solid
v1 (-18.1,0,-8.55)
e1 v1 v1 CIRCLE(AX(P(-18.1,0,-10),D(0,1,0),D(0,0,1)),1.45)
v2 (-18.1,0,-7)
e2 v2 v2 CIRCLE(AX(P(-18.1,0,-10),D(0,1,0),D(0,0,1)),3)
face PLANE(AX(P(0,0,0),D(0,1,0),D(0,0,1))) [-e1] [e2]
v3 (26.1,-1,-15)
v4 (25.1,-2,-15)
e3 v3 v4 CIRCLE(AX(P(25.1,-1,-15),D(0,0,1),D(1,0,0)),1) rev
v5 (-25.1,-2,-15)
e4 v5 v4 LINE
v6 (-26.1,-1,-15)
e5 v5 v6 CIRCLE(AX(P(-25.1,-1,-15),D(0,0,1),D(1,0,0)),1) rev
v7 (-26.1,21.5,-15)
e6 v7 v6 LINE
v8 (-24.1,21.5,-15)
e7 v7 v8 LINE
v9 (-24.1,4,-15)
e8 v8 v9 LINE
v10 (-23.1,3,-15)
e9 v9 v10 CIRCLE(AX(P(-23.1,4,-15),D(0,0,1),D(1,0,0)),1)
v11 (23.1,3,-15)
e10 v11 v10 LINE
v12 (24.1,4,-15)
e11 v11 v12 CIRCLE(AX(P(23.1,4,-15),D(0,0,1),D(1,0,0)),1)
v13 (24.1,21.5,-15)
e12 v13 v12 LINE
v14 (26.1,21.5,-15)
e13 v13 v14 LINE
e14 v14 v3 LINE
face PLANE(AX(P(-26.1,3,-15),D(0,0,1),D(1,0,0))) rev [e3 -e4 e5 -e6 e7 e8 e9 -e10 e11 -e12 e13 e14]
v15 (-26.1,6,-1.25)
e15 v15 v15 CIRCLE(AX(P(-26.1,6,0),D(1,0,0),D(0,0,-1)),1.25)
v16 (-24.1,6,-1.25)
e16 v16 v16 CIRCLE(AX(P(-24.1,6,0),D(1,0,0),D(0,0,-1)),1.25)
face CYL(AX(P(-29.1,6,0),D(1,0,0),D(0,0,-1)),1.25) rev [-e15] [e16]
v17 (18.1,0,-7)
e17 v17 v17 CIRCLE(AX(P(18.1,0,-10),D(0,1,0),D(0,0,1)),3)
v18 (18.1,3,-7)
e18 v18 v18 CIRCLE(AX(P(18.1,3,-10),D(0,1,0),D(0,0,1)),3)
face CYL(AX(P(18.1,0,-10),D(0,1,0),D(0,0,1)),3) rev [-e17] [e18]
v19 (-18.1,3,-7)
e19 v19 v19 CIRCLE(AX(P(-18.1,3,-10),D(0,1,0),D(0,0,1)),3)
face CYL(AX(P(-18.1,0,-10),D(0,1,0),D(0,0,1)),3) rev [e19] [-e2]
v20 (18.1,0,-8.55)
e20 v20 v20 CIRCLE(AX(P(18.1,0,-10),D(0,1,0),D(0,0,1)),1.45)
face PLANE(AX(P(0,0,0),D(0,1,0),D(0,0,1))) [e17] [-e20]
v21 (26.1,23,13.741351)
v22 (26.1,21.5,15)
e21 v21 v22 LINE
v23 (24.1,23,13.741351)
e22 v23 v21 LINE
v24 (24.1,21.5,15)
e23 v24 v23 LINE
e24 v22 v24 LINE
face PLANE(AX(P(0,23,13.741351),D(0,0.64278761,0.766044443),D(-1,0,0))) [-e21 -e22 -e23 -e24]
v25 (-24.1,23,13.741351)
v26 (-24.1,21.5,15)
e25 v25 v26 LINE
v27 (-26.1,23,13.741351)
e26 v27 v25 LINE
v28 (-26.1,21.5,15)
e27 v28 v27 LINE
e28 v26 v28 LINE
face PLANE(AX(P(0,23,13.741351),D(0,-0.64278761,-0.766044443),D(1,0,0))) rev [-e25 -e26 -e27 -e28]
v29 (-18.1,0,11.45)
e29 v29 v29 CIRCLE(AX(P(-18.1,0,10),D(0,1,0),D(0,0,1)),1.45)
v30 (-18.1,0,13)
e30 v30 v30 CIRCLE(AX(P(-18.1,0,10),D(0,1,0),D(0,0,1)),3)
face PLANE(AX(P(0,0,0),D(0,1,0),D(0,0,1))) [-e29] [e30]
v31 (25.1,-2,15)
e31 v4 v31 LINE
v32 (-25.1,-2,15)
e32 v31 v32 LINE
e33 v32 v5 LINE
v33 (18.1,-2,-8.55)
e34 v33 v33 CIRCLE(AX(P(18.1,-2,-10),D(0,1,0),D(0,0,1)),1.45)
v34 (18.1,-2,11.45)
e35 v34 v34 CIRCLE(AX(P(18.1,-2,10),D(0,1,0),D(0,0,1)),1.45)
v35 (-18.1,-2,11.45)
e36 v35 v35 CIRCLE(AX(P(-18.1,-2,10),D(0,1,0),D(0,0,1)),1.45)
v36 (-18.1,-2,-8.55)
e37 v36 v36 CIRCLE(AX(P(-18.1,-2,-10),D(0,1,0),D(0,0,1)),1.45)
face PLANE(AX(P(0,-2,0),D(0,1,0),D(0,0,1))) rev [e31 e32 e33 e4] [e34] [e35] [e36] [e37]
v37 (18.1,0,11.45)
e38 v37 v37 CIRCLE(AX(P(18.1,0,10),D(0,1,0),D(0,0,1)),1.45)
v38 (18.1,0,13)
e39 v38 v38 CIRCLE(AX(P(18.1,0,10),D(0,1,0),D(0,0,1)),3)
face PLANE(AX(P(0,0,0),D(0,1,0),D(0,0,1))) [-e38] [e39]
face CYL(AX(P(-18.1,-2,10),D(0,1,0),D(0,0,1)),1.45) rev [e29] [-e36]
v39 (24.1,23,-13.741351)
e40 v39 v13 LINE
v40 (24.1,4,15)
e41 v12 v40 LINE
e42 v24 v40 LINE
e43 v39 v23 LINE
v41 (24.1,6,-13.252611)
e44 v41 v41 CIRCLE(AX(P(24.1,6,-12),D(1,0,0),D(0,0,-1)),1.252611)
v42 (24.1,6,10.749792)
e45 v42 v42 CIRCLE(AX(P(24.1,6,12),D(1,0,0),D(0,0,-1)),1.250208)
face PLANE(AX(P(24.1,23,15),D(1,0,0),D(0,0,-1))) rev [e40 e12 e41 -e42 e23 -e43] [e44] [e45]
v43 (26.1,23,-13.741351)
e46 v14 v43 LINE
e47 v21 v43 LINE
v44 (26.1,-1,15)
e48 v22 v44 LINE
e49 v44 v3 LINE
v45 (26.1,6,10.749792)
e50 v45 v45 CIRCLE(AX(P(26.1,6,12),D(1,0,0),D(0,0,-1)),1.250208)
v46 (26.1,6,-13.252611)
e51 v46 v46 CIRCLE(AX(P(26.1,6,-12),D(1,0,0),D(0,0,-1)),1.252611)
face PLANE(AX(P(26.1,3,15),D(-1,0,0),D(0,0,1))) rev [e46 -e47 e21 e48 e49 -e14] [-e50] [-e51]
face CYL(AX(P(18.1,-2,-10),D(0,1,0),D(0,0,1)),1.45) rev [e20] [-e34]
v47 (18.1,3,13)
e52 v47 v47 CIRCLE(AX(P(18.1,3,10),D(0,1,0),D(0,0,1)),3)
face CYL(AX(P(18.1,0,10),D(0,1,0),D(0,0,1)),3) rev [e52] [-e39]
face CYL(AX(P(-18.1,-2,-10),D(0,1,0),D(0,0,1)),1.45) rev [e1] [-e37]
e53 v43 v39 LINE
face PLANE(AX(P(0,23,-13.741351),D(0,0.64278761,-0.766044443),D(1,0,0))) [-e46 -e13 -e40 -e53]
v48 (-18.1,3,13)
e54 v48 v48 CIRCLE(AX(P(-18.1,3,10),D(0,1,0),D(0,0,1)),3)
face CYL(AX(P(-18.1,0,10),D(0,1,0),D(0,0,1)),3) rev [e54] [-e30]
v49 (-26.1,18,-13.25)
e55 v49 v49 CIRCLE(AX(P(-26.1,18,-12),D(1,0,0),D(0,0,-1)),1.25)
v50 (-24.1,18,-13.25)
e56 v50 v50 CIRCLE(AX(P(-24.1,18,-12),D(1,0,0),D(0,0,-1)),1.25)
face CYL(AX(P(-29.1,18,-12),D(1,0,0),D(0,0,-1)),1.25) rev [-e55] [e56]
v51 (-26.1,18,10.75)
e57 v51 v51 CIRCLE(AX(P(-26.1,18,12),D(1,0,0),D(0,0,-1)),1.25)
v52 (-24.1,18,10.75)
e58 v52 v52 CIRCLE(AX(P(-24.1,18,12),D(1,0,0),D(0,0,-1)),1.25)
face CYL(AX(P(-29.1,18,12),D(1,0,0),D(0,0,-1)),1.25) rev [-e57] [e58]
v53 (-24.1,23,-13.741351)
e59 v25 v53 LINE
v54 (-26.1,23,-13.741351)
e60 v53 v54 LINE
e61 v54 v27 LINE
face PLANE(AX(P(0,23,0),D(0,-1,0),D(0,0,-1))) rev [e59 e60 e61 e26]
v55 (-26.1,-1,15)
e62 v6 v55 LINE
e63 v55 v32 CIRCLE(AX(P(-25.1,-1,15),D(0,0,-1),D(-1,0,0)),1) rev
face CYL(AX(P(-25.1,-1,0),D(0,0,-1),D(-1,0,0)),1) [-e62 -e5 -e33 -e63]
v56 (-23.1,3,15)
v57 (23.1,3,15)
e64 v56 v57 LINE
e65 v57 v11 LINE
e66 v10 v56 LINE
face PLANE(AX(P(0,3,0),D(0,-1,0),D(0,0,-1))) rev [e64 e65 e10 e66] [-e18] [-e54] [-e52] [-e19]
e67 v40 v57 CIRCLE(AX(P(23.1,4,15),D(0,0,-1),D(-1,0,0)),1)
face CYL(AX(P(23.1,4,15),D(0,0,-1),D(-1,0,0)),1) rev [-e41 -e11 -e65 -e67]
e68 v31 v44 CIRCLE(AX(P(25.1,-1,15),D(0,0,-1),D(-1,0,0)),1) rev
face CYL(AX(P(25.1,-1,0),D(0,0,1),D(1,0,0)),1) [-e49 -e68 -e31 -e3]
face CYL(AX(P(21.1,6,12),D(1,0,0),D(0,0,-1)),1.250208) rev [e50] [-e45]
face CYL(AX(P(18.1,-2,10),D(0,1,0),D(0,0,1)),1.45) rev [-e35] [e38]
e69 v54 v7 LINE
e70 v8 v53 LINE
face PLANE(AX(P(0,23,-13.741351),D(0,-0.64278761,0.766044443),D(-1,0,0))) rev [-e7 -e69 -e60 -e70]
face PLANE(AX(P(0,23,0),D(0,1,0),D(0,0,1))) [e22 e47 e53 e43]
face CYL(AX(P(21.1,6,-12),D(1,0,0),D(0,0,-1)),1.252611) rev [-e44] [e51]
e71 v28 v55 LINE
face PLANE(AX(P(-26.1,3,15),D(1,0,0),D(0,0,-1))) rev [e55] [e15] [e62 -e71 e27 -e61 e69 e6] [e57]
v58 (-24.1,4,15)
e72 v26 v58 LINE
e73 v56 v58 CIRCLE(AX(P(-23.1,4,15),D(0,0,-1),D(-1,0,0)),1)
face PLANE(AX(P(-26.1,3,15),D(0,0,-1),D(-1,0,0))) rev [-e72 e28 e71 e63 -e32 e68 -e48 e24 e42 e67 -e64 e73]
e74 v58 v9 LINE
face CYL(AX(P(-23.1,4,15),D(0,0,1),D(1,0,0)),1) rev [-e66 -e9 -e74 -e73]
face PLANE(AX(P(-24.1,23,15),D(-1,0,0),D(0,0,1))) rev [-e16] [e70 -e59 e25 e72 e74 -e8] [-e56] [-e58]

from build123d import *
from OCP.BRepFilletAPI import BRepFilletAPI_MakeChamfer

# Parameters (mm, degrees)
SKETCH1_W           = 52.2
SKETCH1_H           = 30
BOSS_EXTRUDE1_DEPTH = 3
SKETCH2_W           = 2
SKETCH2_H           = 30
BOSS_EXTRUDE2_DEPTH = 20
SKETCH3_W           = 2
SKETCH3_H           = 30
BOSS_EXTRUDE3_DEPTH = 20
SKETCH4_R           = 1.252611376
SKETCH4_R_2         = 1.250208487
CUT_EXTRUDE2_DEPTH  = 5
SKETCH5_R           = 1.25
SKETCH5_R_2         = 1.249999994
CUT_EXTRUDE4_DEPTH  = 5
SKETCH6_R           = 3
CUT_EXTRUDE5_DEPTH  = 3
SKETCH7_W           = 52.2
SKETCH7_H           = 30
BOSS_EXTRUDE4_DEPTH = 2
SKETCH8_R           = 1.45
CUT_EXTRUDE6_DEPTH  = 2
FILLET1_R           = 1
CHAMFER2_SIZE       = 1.5
CHAMFER2_SIZE2      = 1.258649447


with BuildPart() as part:
    # Sketch1 → Boss-Extrude1 (new body)
    with BuildSketch(Plane(origin=(0, 0, 0), x_dir=(1, 0, 0), z_dir=(0, 1, 0))):
        Rectangle(SKETCH1_W, SKETCH1_H)
    extrude(amount=BOSS_EXTRUDE1_DEPTH)

    # Sketch2 → Boss-Extrude2 (add)
    with BuildSketch(Plane(origin=(0, 3, 0), x_dir=(1, 0, 0), z_dir=(0, 1, 0))):
        with Locations((-25.1, 0)):
            Rectangle(SKETCH2_W, SKETCH2_H)
    extrude(amount=BOSS_EXTRUDE2_DEPTH)

    # Sketch3 → Boss-Extrude3 (add)
    with BuildSketch(Plane(origin=(0, 3, 0), x_dir=(1, 0, 0), z_dir=(0, 1, 0))):
        with Locations((25.1, 0)):
            Rectangle(SKETCH3_W, SKETCH3_H)
    extrude(amount=BOSS_EXTRUDE3_DEPTH)

    # Sketch4 → Cut-Extrude2 (cut)
    with BuildSketch(Plane(origin=(26.1, 0, 0), x_dir=(0, 0, -1), z_dir=(1, 0, 0))):
        with Locations((12, 6)):
            Circle(SKETCH4_R)
        with Locations((-12, 6)):
            Circle(SKETCH4_R_2)
    extrude(amount=-CUT_EXTRUDE2_DEPTH, mode=Mode.SUBTRACT)

    # Sketch5 → Cut-Extrude4 (cut)
    with BuildSketch(Plane(origin=(-24.1, 0, 0), x_dir=(0, 0, -1), z_dir=(1, 0, 0))):
        with Locations((-12.00000002, 18)):
            Circle(SKETCH5_R)
        with Locations((12.00000002, 18)):
            Circle(SKETCH5_R)
        with Locations((0, 6)):
            Circle(SKETCH5_R_2)
    extrude(amount=-CUT_EXTRUDE4_DEPTH, mode=Mode.SUBTRACT)

    # Sketch6 → Cut-Extrude5 (cut)
    with BuildSketch(Plane(origin=(0, 3, 0), x_dir=(1, 0, 0), z_dir=(0, 1, 0))):
        with Locations(Location((-18.1, 10, 0), (0, 0, 270))):
            Circle(SKETCH6_R)
        with Locations(Location((-18.1, -10, 0), (0, 0, 270))):
            Circle(SKETCH6_R)
        with Locations(Location((18.1, 10, 0), (0, 0, 270))):
            Circle(SKETCH6_R)
        with Locations(Location((18.1, -10, 0), (0, 0, 270))):
            Circle(SKETCH6_R)
    extrude(amount=-CUT_EXTRUDE5_DEPTH, mode=Mode.SUBTRACT)

    # Sketch7 → Boss-Extrude4 (add)
    with BuildSketch(Plane.XZ):
        Rectangle(SKETCH7_W, SKETCH7_H)
    extrude(amount=BOSS_EXTRUDE4_DEPTH)

    # Sketch8 → Cut-Extrude6 (cut)
    with BuildSketch(Plane(origin=(0, 0, 0), x_dir=(1, 0, 0), z_dir=(0, 1, 0))):
        with Locations(Location((-18.1, 10, 0), (0, 0, 270))):
            Circle(SKETCH8_R)
        with Locations(Location((18.1, 10, 0), (0, 0, 270))):
            Circle(SKETCH8_R)
        with Locations(Location((18.1, -10, 0), (0, 0, 270))):
            Circle(SKETCH8_R)
        with Locations(Location((-18.1, -10, 0), (0, 0, 270))):
            Circle(SKETCH8_R)
    extrude(amount=-CUT_EXTRUDE6_DEPTH, mode=Mode.SUBTRACT)

    # Fillet1
    fillet1_edges = [part.edges().sort_by_distance(p)[0] for p in [
        (-24.1, 3, 0),
        (24.1, 3, 0),
        (-26.1, -2, 0),
        (26.1, -2, 0),
    ]]
    fillet(fillet1_edges, radius=FILLET1_R)

    # Chamfer2: one chamfer whose edges measure the first distance from different faces: ONE call of the kernel's chamfer builder (chamfer() names one face for all edges)
    chamfer2_edges_1 = [part.edges().sort_by_distance(p)[0] for p in [
        (-25.1, 23, 15),
        (25.1, 23, 15),
    ]]
    chamfer2_side_1 = [part.faces().sort_by_distance(p)[0] for p in [
        (-25.521221977, 11, 15),
    ]]
    chamfer2_edges_2 = [part.edges().sort_by_distance(p)[0] for p in [
        (-25.1, 23, -15),
        (25.1, 23, -15),
    ]]
    chamfer2_side_2 = [part.faces().sort_by_distance(p)[0] for p in [
        (24.678778023, 13.5, -15),
    ]]
    chamfer2 = BRepFilletAPI_MakeChamfer(part.part.solid().wrapped)
    for e in chamfer2_edges_1:
        chamfer2.Add(CHAMFER2_SIZE, CHAMFER2_SIZE2, e.wrapped, chamfer2_side_1[0].wrapped)  # the first distance lies on this face
    for e in chamfer2_edges_2:
        chamfer2.Add(CHAMFER2_SIZE, CHAMFER2_SIZE2, e.wrapped, chamfer2_side_2[0].wrapped)  # the first distance lies on this face
    add(Compound.cast(chamfer2.Shape()), mode=Mode.REPLACE)


solid = part.part
